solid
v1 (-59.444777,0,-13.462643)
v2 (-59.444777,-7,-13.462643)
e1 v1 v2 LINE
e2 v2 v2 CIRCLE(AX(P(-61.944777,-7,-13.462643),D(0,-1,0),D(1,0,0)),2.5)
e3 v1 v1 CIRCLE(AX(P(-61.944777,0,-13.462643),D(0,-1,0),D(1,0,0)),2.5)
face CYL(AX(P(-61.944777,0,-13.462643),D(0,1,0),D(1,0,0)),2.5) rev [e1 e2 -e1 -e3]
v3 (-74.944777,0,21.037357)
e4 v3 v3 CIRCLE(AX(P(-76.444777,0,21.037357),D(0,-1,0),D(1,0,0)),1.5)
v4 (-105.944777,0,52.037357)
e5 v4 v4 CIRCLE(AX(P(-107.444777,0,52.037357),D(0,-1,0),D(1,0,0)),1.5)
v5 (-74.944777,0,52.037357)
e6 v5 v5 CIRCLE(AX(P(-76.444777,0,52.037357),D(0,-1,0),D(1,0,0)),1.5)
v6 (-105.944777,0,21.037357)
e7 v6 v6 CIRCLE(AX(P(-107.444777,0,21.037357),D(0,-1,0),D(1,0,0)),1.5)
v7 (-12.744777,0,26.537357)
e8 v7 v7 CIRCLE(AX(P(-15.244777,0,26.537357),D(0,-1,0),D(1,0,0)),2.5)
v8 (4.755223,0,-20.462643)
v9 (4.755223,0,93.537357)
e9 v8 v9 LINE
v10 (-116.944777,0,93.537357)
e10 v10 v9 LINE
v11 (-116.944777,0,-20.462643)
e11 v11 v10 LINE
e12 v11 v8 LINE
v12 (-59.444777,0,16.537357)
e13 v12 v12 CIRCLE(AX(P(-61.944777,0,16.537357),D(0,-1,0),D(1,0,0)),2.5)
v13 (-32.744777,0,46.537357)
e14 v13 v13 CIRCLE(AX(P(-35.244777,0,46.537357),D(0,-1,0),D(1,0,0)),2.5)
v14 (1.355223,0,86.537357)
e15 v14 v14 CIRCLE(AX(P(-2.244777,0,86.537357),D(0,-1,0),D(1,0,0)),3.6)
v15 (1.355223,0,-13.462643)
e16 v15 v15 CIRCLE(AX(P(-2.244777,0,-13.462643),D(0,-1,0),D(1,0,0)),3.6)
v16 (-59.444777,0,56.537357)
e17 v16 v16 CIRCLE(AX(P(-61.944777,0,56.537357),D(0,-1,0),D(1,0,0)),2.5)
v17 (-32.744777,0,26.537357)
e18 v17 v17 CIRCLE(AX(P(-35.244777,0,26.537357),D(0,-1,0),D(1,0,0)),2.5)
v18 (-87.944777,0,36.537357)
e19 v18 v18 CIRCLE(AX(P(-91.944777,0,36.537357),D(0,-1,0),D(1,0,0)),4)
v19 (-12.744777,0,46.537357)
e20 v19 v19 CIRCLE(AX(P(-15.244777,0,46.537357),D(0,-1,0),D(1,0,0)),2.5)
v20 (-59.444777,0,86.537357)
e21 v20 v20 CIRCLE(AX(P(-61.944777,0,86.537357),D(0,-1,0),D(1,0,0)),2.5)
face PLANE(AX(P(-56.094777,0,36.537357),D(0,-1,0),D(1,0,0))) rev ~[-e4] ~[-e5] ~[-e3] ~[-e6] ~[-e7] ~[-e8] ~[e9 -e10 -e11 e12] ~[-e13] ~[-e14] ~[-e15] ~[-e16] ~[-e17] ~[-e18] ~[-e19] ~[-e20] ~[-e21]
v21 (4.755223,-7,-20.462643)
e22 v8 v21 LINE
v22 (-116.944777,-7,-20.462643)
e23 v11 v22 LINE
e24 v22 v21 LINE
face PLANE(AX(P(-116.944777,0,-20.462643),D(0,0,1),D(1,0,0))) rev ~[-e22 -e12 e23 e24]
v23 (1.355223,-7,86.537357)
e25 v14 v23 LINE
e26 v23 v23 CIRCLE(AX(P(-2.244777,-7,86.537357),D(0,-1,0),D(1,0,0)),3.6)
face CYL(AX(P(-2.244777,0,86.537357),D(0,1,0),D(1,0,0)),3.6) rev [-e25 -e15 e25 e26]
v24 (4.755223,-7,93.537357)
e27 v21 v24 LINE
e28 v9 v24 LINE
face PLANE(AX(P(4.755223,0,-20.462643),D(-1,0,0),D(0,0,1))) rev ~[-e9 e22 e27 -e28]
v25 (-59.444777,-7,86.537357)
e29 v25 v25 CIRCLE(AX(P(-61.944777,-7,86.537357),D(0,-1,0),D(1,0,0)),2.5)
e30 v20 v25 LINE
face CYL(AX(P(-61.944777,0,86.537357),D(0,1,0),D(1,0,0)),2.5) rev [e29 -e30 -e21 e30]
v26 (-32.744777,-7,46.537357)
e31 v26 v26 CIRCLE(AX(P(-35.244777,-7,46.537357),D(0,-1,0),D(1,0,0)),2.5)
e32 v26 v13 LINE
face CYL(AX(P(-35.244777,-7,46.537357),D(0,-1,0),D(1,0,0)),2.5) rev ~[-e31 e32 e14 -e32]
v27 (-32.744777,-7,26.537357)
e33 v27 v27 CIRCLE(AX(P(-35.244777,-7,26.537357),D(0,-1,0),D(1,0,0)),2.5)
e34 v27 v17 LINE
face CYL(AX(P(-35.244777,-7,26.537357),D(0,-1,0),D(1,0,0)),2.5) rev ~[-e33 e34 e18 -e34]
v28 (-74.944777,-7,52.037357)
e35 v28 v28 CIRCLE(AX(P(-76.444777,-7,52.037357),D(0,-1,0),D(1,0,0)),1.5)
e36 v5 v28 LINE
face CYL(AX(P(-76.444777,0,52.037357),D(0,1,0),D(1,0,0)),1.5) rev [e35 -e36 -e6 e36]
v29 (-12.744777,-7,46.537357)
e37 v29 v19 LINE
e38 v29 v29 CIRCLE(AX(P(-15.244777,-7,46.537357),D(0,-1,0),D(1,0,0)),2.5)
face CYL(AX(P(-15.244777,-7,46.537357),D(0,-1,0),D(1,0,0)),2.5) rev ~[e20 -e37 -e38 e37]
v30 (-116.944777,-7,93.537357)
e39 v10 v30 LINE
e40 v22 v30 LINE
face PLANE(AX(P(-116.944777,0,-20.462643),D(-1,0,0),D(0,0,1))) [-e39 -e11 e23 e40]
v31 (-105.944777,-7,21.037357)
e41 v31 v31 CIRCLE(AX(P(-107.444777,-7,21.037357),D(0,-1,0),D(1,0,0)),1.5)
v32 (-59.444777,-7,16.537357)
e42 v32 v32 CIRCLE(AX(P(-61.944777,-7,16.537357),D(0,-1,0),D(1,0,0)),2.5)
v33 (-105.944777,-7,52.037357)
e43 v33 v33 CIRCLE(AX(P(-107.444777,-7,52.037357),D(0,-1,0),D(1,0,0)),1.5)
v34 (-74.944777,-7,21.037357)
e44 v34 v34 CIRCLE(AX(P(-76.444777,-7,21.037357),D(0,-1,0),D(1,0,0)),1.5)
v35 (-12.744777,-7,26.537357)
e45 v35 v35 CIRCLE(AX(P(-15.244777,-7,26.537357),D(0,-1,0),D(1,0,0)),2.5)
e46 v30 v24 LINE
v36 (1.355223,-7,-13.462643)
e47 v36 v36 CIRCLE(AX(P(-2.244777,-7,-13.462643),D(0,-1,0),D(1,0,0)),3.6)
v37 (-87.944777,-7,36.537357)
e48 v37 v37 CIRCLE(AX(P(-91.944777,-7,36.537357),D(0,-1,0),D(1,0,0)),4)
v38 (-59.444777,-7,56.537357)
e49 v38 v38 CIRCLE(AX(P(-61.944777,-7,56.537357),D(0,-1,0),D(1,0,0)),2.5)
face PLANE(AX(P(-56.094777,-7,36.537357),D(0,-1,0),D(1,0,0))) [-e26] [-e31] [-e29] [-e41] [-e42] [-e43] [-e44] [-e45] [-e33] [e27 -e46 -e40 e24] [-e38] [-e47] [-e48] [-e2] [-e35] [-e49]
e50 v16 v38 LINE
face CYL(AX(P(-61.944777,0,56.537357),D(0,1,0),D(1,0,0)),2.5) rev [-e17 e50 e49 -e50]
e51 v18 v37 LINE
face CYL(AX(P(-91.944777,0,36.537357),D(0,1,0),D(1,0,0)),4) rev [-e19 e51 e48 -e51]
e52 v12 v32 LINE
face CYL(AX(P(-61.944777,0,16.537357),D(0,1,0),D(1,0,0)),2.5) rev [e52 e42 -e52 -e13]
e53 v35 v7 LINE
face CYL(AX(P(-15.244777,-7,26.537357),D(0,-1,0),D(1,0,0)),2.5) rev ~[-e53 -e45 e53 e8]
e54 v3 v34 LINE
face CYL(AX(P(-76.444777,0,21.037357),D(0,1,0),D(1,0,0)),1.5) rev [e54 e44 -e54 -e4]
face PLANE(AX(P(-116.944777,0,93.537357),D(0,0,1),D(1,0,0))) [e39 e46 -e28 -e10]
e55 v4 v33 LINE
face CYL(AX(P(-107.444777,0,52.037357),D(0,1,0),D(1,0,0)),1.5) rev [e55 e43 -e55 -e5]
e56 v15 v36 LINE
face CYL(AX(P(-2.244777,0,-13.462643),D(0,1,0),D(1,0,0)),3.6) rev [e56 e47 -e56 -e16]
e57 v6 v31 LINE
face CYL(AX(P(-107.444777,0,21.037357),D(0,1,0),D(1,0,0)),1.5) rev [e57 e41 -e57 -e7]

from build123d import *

# Parameters (mm, degrees)
F0_W     = 121.7
F0_H     = 114
F0_R     = 2.5
F0_R_2   = 1.5
F0_R_3   = 11
F0_R_4   = 3.6
F0_R_5   = 4
F1_DEPTH = 7
F2_R     = 2.5
F3_DEPTH = 25


with BuildPart() as f1:
    # F0 (on Front) → F1 (new body)
    with BuildSketch(Plane.XZ):
        with Locations((-56.094777, 36.537357)):
            Rectangle(F0_W, F0_H)
        with Locations((-61.944777, -13.462643)):
            Circle(F0_R, mode=Mode.SUBTRACT)
        with Locations((-107.444777, 21.037357)):
            Circle(F0_R_2, mode=Mode.SUBTRACT)
        with Locations((-91.944777, 36.537357)):
            Circle(F0_R_3, mode=Mode.SUBTRACT)
        with Locations((-76.444777, 21.037357)):
            Circle(F0_R_2, mode=Mode.SUBTRACT)
        with Locations((-61.944777, 16.537357)):
            Circle(F0_R, mode=Mode.SUBTRACT)
        with Locations((-2.244777, -13.462643)):
            Circle(F0_R_4, mode=Mode.SUBTRACT)
        with Locations((-107.444777, 52.037357)):
            Circle(F0_R_2, mode=Mode.SUBTRACT)
        with Locations((-76.444777, 52.037357)):
            Circle(F0_R_2, mode=Mode.SUBTRACT)
        with Locations((-61.944777, 56.537357)):
            Circle(F0_R, mode=Mode.SUBTRACT)
        with Locations((-61.944777, 86.537357)):
            Circle(F0_R, mode=Mode.SUBTRACT)
        with Locations((-2.244777, 86.537357)):
            Circle(F0_R_4, mode=Mode.SUBTRACT)
        with Locations((-91.944777, 36.537357)):
            Circle(F0_R_3)
        with Locations((-91.944777, 36.537357)):
            Circle(F0_R_5, mode=Mode.SUBTRACT)
    extrude(amount=F1_DEPTH)

    # F2 (on face) → F3 (cut)
    with BuildSketch(Plane.XZ.offset(7)):
        with Locations((-35.244777, 46.537357)):
            Circle(F2_R)
        with Locations((-15.244777, 46.537357)):
            Circle(F2_R)
        with Locations((-35.244777, 26.537357)):
            Circle(F2_R)
        with Locations((-15.244777, 26.537357)):
            Circle(F2_R)
    extrude(amount=-F3_DEPTH, mode=Mode.SUBTRACT)


solid = f1.part
